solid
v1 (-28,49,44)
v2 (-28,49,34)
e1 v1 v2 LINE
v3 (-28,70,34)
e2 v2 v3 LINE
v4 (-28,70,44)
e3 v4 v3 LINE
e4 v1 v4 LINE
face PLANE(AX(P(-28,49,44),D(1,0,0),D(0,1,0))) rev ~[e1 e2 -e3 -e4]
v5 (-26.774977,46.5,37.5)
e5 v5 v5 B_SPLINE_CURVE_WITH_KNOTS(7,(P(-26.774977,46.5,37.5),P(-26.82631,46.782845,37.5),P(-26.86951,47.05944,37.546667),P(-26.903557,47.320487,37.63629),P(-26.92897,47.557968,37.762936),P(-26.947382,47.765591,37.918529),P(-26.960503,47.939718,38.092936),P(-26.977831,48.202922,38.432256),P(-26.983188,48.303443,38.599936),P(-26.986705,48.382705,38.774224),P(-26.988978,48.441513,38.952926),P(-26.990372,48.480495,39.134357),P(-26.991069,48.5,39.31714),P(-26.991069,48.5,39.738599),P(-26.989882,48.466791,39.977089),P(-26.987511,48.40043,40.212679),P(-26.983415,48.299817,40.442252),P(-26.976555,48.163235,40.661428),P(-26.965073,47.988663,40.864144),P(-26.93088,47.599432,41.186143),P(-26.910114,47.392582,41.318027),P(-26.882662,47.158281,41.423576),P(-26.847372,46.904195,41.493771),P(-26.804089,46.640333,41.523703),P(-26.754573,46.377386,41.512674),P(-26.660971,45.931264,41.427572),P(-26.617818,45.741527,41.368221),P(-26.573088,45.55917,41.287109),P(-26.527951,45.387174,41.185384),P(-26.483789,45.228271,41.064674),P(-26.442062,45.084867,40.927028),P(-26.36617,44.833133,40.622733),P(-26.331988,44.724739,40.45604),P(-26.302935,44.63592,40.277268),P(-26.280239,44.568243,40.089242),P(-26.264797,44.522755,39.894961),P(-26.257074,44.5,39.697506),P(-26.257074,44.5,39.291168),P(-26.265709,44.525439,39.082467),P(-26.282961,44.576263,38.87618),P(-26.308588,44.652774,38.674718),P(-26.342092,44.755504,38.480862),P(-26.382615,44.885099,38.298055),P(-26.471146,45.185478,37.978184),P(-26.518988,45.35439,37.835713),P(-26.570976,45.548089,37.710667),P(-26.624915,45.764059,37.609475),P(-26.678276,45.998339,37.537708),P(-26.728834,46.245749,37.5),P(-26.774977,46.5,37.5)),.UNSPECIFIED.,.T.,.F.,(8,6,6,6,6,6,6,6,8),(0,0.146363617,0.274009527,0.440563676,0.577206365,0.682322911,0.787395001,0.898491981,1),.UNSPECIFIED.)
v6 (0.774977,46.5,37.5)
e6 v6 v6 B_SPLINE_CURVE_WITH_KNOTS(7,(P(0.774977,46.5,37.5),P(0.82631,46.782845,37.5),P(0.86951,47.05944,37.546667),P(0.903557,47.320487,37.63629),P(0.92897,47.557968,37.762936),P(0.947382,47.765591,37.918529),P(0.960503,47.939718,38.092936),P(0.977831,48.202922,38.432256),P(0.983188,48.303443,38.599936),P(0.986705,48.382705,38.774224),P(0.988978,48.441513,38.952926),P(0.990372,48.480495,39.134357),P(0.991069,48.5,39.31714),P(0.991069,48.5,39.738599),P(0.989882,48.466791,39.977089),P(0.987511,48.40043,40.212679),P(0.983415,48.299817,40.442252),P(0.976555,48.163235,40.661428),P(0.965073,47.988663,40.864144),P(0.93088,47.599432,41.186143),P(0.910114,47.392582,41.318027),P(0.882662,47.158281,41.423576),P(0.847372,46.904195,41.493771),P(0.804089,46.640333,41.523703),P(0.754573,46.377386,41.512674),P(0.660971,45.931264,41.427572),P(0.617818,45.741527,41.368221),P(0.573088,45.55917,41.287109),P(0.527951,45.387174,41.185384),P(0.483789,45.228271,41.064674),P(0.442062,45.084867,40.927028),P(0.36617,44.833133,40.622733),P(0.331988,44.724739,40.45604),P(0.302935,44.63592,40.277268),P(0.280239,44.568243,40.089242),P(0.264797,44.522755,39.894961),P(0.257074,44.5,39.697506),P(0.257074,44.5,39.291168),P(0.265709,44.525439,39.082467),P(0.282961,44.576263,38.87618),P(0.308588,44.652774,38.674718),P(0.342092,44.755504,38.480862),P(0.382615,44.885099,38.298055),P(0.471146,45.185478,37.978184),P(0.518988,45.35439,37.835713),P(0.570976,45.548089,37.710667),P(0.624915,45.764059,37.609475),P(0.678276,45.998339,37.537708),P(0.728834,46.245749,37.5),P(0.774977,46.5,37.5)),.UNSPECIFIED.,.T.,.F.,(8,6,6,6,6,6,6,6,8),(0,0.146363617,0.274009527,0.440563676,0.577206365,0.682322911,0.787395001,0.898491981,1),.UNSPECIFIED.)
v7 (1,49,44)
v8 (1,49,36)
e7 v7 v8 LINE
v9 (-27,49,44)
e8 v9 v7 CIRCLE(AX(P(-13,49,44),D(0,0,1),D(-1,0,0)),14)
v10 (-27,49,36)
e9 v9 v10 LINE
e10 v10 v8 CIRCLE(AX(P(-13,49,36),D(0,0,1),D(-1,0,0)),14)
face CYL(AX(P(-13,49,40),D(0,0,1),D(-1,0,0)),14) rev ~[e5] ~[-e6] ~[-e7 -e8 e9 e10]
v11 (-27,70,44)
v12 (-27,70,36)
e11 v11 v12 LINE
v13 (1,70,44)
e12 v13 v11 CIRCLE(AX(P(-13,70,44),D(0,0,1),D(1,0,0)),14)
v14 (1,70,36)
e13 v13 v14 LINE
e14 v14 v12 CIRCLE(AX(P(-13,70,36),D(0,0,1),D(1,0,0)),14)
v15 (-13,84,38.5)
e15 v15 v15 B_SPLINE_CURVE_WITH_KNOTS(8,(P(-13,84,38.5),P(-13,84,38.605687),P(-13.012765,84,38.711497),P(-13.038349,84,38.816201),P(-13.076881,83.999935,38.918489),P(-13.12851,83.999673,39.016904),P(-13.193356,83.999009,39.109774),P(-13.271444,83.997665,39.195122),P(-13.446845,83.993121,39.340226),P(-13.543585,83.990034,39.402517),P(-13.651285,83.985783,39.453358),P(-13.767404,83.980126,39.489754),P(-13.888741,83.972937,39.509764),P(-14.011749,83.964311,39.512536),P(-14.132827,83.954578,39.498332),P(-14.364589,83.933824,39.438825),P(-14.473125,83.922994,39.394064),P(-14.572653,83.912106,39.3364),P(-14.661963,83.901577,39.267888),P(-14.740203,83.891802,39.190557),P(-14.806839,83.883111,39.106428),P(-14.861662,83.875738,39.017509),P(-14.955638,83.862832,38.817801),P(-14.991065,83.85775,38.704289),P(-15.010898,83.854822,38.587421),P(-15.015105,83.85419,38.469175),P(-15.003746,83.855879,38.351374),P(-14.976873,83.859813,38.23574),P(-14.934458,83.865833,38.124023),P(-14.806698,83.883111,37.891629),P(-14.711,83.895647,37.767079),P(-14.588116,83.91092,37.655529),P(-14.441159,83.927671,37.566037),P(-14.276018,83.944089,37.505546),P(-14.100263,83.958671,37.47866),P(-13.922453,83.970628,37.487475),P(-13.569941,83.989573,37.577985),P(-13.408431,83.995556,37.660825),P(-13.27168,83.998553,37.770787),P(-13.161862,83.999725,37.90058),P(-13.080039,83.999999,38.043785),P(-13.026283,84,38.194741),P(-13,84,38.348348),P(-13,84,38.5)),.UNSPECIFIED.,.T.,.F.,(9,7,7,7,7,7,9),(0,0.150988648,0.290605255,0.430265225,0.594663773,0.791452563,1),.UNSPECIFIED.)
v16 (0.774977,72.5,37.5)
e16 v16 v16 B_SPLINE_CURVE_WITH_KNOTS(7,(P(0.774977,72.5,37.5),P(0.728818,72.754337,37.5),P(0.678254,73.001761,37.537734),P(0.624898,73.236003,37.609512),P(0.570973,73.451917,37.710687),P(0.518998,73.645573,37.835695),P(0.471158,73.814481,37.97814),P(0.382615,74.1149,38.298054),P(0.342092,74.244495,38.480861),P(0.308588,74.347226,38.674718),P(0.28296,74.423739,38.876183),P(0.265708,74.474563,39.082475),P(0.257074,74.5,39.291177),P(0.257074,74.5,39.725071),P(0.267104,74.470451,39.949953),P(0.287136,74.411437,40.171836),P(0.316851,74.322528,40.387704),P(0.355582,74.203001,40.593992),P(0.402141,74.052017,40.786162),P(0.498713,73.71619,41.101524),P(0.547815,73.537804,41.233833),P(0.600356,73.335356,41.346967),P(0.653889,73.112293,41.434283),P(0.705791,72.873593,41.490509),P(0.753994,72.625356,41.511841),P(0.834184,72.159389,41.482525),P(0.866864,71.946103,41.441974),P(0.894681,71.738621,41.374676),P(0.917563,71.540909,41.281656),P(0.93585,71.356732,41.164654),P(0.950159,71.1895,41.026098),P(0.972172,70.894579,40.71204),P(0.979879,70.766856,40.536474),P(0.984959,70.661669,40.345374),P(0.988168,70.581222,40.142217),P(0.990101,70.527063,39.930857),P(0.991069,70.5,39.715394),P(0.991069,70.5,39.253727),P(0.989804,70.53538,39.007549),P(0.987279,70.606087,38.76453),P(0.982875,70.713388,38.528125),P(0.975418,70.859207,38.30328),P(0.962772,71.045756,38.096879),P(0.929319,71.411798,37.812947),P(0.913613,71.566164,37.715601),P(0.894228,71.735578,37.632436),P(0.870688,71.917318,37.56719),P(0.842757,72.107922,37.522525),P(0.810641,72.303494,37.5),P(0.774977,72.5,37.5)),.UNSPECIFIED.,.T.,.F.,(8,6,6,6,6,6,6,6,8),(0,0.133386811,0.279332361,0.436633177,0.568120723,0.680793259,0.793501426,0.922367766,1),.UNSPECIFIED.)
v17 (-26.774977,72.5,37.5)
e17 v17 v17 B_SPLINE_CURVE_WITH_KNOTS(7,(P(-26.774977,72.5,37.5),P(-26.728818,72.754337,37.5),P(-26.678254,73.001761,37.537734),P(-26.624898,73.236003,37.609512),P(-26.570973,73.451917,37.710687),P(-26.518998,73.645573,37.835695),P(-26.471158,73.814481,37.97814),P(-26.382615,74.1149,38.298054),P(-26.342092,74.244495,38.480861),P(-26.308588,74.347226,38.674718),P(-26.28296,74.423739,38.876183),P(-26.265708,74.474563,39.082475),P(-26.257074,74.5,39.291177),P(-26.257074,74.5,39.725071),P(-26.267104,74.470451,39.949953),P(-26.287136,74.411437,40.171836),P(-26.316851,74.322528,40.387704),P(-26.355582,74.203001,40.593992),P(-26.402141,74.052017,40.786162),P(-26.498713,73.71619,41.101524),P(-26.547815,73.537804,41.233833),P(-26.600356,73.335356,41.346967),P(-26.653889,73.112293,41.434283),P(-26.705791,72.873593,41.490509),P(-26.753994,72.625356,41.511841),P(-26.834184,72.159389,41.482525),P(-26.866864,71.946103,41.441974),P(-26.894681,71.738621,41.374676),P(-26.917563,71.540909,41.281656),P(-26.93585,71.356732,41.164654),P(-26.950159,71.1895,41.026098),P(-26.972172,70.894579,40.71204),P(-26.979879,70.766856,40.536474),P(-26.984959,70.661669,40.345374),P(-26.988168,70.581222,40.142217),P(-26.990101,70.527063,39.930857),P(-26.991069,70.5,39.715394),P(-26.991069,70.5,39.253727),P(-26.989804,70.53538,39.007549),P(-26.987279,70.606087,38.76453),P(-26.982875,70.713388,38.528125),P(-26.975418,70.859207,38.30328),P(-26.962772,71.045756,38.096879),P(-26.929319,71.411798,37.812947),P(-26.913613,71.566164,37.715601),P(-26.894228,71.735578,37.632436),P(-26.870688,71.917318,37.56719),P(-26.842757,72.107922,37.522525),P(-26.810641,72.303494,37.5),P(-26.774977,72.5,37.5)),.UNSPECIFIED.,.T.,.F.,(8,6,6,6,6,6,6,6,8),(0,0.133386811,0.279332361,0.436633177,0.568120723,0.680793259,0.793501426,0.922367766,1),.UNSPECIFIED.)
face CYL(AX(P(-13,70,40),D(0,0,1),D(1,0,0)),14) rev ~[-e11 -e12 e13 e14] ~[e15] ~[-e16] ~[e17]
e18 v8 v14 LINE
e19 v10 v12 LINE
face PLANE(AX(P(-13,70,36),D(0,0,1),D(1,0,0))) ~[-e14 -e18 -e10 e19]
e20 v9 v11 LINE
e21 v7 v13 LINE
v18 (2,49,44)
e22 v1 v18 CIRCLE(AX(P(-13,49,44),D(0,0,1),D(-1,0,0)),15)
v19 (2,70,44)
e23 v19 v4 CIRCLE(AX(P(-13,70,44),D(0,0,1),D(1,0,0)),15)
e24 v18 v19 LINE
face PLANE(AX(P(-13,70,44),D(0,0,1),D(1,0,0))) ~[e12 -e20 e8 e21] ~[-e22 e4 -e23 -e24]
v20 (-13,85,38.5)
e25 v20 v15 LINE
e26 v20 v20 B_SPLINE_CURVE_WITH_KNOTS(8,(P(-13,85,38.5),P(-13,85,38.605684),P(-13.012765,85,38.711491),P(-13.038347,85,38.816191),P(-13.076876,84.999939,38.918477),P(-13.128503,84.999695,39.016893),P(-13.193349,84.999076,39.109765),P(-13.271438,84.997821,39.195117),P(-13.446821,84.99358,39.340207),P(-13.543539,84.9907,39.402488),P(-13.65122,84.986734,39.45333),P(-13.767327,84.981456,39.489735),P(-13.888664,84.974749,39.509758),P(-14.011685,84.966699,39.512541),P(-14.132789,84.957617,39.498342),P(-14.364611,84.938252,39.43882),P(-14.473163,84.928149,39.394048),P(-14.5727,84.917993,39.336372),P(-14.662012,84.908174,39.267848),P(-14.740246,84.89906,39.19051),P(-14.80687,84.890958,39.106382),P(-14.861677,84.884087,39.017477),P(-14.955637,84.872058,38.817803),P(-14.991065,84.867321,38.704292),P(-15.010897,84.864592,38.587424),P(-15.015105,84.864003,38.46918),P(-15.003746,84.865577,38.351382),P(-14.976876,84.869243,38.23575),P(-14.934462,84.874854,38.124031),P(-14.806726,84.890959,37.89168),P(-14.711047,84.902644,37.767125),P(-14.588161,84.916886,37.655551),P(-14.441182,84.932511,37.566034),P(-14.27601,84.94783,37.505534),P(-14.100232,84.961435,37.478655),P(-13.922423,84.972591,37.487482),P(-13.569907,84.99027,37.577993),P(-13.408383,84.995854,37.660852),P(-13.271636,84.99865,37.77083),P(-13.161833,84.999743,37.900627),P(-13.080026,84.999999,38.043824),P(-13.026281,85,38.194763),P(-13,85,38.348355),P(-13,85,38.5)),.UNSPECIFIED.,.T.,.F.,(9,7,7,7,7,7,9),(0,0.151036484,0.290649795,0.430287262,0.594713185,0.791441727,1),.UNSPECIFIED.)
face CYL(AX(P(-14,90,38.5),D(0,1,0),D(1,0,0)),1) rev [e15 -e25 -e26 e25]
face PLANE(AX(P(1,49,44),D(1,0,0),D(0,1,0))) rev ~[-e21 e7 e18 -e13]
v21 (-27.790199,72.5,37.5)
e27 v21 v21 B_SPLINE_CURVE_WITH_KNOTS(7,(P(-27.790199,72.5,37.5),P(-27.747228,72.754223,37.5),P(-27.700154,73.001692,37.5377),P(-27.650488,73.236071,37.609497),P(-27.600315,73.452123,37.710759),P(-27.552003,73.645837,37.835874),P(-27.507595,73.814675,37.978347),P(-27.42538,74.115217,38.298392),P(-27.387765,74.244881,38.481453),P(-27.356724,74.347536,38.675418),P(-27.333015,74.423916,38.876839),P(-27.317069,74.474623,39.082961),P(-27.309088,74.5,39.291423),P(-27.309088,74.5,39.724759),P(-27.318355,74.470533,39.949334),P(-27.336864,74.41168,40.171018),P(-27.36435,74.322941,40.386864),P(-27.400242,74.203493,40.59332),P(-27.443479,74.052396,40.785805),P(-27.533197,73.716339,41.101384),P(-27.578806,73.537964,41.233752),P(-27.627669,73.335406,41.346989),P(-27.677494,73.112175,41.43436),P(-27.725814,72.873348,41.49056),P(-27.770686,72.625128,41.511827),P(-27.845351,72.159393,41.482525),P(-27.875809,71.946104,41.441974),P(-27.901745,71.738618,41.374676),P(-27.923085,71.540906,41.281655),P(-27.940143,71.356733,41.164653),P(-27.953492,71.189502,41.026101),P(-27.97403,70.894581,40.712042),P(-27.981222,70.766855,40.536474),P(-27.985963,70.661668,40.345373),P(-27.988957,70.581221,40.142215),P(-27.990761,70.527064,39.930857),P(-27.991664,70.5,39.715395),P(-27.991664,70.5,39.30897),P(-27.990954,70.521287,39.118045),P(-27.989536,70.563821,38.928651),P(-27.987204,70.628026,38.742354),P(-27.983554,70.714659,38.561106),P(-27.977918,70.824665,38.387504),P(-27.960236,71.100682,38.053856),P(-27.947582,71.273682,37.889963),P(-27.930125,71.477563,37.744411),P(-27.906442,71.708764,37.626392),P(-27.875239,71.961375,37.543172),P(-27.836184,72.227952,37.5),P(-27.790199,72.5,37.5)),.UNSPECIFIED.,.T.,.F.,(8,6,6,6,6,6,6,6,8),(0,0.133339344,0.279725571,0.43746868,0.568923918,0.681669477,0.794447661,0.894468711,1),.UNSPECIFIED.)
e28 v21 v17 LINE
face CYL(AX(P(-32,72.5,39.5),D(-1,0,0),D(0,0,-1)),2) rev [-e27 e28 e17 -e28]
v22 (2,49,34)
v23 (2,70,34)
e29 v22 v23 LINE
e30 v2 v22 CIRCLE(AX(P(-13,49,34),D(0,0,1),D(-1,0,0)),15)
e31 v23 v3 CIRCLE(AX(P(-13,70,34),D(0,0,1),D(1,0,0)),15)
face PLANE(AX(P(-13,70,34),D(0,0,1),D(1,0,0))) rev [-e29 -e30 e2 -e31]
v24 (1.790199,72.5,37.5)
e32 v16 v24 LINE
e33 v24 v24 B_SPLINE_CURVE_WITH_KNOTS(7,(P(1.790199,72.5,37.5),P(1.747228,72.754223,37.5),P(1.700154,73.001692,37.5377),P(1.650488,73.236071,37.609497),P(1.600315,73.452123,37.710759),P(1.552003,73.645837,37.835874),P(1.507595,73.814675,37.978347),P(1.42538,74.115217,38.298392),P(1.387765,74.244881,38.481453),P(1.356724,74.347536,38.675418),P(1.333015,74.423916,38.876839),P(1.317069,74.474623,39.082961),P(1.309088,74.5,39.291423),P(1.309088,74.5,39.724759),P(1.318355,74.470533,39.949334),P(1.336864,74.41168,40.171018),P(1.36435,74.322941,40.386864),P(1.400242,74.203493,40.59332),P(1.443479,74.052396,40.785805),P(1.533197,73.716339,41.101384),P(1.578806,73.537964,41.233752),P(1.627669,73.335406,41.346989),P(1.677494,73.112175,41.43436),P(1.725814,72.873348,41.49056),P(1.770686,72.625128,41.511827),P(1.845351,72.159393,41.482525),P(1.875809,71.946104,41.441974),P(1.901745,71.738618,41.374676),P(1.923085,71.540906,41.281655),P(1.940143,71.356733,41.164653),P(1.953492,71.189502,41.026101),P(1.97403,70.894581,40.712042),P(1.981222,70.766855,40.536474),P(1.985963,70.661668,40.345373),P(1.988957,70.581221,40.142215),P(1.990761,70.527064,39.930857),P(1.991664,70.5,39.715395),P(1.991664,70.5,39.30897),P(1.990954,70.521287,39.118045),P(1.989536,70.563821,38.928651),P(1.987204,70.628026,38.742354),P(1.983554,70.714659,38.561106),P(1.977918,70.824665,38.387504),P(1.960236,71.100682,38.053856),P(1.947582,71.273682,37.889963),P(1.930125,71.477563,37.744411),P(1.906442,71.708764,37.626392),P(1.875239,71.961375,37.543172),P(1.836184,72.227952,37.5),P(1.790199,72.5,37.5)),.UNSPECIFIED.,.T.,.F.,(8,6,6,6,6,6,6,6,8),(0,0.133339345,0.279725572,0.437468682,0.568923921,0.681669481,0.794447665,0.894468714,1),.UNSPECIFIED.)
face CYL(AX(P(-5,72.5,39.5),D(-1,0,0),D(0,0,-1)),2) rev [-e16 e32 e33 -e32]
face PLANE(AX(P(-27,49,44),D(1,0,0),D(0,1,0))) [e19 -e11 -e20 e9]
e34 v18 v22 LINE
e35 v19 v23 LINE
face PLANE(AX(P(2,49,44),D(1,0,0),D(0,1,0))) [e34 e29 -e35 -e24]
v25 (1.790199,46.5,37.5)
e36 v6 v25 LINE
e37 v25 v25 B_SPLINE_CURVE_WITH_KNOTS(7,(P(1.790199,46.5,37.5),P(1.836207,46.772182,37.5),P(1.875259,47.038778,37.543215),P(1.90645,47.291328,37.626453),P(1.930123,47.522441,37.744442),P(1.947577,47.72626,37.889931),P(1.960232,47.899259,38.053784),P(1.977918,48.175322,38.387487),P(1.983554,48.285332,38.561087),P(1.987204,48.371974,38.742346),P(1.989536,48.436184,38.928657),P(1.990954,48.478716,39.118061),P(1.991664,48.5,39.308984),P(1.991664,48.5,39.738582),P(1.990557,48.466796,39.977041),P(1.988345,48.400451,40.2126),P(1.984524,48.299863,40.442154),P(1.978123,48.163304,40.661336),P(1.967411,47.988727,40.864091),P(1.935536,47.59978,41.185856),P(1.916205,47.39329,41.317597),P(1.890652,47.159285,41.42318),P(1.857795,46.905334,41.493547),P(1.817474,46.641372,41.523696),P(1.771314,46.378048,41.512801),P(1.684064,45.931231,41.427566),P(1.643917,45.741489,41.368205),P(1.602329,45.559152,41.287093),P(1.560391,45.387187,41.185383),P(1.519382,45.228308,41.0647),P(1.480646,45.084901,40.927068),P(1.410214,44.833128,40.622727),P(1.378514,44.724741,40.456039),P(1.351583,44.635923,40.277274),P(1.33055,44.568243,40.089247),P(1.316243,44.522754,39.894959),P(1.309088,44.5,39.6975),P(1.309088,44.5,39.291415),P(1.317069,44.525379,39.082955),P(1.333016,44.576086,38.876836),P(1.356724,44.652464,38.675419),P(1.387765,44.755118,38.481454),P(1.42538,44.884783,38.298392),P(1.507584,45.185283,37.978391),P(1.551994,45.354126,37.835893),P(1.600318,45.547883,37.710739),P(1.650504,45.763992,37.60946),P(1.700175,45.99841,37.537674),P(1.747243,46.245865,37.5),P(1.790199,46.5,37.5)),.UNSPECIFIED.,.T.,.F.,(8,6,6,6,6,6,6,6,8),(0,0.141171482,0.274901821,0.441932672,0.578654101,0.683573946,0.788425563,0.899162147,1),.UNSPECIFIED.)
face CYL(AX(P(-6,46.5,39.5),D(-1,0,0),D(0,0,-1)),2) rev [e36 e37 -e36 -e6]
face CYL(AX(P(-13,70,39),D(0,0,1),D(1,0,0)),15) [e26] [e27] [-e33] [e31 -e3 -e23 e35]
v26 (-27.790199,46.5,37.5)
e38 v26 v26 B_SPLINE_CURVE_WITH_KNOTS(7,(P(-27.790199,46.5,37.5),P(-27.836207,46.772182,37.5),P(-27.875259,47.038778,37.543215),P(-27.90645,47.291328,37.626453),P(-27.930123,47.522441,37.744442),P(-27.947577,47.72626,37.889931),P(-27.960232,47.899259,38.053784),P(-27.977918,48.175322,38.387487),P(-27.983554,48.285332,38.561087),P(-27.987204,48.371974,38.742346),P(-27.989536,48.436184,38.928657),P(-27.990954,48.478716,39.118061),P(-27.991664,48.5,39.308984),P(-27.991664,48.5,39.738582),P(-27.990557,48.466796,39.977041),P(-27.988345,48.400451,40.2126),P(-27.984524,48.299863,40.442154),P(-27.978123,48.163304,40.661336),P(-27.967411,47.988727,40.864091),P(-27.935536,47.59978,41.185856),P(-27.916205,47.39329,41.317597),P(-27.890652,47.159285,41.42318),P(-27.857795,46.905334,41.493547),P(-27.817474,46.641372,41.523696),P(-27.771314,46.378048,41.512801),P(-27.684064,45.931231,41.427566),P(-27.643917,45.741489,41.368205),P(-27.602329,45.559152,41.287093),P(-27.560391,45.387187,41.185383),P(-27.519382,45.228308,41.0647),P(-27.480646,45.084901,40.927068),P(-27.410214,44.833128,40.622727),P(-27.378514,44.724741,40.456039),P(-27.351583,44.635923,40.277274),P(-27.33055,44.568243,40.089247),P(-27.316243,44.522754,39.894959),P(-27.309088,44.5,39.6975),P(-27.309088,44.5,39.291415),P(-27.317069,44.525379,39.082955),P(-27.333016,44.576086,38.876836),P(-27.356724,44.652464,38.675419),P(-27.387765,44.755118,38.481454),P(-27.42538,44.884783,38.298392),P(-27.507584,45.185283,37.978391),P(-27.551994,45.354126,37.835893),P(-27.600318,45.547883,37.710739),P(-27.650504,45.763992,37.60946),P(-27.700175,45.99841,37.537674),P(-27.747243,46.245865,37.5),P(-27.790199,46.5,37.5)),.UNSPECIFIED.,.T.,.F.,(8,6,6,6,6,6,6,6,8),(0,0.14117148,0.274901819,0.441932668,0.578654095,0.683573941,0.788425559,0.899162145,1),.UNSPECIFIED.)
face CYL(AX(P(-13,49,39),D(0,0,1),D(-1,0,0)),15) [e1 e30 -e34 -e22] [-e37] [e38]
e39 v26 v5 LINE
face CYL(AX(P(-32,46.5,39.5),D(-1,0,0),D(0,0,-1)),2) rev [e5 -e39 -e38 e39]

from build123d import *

# Parameters (mm, degrees)
CYLINDER017_R           = 1
CYLINDER017_DEPTH       = 10
CYLINDER017_ROLL_ANGLE  = 90
CYLINDER011_R           = 2
CYLINDER011_DEPTH       = 10
CYLINDER011_PITCH_ANGLE = 90
CYLINDER014_R           = 2
CYLINDER014_DEPTH       = 10
CYLINDER014_PITCH_ANGLE = 90
CYLINDER013_R           = 2
CYLINDER013_DEPTH       = 10
CYLINDER013_PITCH_ANGLE = 90
CYLINDER015_R           = 2
CYLINDER015_DEPTH       = 10
CYLINDER015_PITCH_ANGLE = 90
CYLINDER002_W           = 14
CYLINDER002_H           = 8
CYLINDER002_ANGLE       = 180
CYLINDER001_W           = 15
CYLINDER001_H           = 10
CYLINDER001_ANGLE       = 180
CYLINDER003_W           = 14
CYLINDER003_H           = 8
CYLINDER003_ANGLE       = 180
CYLINDER_W              = 15
CYLINDER_H              = 10
CYLINDER_ANGLE          = 180
BOX001_W                = 28
BOX001_H                = 21
BOX001_DEPTH            = 8
BOX_W                   = 30
BOX_H                   = 21
BOX_DEPTH               = 10
FUSION_PLACEMENT_ANGLE  = 180


with BuildPart() as cilindro017:
    # Cylinder017 → Cylinder017 (new body)
    with BuildSketch(Plane.XY):
        Circle(CYLINDER017_R)
    extrude(amount=CYLINDER017_DEPTH)


with BuildPart() as cilindro017_1:
    # Cylinder017 roll: moved
    add(cilindro017.part.rotate(Axis((0, 0, 0), (1, 0, 0)), CYLINDER017_ROLL_ANGLE))


with BuildPart() as cilindro017_2:
    # Cylinder017 placement: moved
    add(cilindro017_1.part.moved(Location((-14, 90, 38.5))))


with BuildPart() as cilindro011:
    # Cylinder011 → Cylinder011 (new body)
    with BuildSketch(Plane.XY):
        Circle(CYLINDER011_R)
    extrude(amount=CYLINDER011_DEPTH)


with BuildPart() as cilindro011_1:
    # Cylinder011 pitch: moved
    add(cilindro011.part.rotate(Axis((0, 0, 0), (0, 1, 0)), CYLINDER011_PITCH_ANGLE))


with BuildPart() as cilindro011_2:
    # Cylinder011 placement: moved
    add(cilindro011_1.part.moved(Location((-32, 72.5, 39.5))))


with BuildPart() as cilindro014:
    # Cylinder014 → Cylinder014 (new body)
    with BuildSketch(Plane.XY):
        Circle(CYLINDER014_R)
    extrude(amount=CYLINDER014_DEPTH)


with BuildPart() as cilindro014_1:
    # Cylinder014 pitch: moved
    add(cilindro014.part.rotate(Axis((0, 0, 0), (0, 1, 0)), CYLINDER014_PITCH_ANGLE))


with BuildPart() as cilindro014_2:
    # Cylinder014 placement: moved
    add(cilindro014_1.part.moved(Location((-6, 46.5, 39.5))))


with BuildPart() as cilindro013:
    # Cylinder013 → Cylinder013 (new body)
    with BuildSketch(Plane.XY):
        Circle(CYLINDER013_R)
    extrude(amount=CYLINDER013_DEPTH)


with BuildPart() as cilindro013_1:
    # Cylinder013 pitch: moved
    add(cilindro013.part.rotate(Axis((0, 0, 0), (0, 1, 0)), CYLINDER013_PITCH_ANGLE))


with BuildPart() as cilindro013_2:
    # Cylinder013 placement: moved
    add(cilindro013_1.part.moved(Location((-32, 46.5, 39.5))))


with BuildPart() as cilindro015:
    # Cylinder015 → Cylinder015 (new body)
    with BuildSketch(Plane.XY):
        Circle(CYLINDER015_R)
    extrude(amount=CYLINDER015_DEPTH)


with BuildPart() as cilindro015_1:
    # Cylinder015 pitch: moved
    add(cilindro015.part.rotate(Axis((0, 0, 0), (0, 1, 0)), CYLINDER015_PITCH_ANGLE))


with BuildPart() as cilindro015_2:
    # Cylinder015 placement: moved
    add(cilindro015_1.part.moved(Location((-5, 72.5, 39.5))))


with BuildPart() as cilindro002:
    # Cylinder002 → Cylinder002 (revolve)
    with BuildSketch(Plane(origin=(16, 49, -36), x_dir=(1, 0, 0), z_dir=(0, 1, 0))):
        with Locations((7, 4)):
            Rectangle(CYLINDER002_W, CYLINDER002_H)
    revolve(axis=Axis((16, 49, -36), (0, 0, -1)), revolution_arc=CYLINDER002_ANGLE)


with BuildPart() as cut001:
    # Cylinder001 → Cylinder001 (revolve)
    with BuildSketch(Plane(origin=(16, 49, -34), x_dir=(1, 0, 0), z_dir=(0, 1, 0))):
        with Locations((7.5, 5)):
            Rectangle(CYLINDER001_W, CYLINDER001_H)
    revolve(axis=Axis((16, 49, -34), (0, 0, -1)), revolution_arc=CYLINDER001_ANGLE)

    # Cut001: cut Cilindro002
    add(cilindro002.part, mode=Mode.SUBTRACT)


with BuildPart() as cut001_1:
    # Cut001 placement: moved
    add(cut001.part.moved(Location((-3, 0, 0))))


with BuildPart() as cilindro003:
    # Cylinder003 → Cylinder003 (revolve)
    with BuildSketch(Plane(origin=(13, 70, -36), x_dir=(-1, 0, 0), z_dir=(0, -1, 0))):
        with Locations((7, 4)):
            Rectangle(CYLINDER003_W, CYLINDER003_H)
    revolve(axis=Axis((13, 70, -36), (0, 0, -1)), revolution_arc=CYLINDER003_ANGLE)


with BuildPart() as cut002:
    # Cylinder → Cylinder (revolve)
    with BuildSketch(Plane(origin=(13, 70, -34), x_dir=(-1, 0, 0), z_dir=(0, -1, 0))):
        with Locations((7.5, 5)):
            Rectangle(CYLINDER_W, CYLINDER_H)
    revolve(axis=Axis((13, 70, -34), (0, 0, -1)), revolution_arc=CYLINDER_ANGLE)

    # Cut002: cut Cilindro003
    add(cilindro003.part, mode=Mode.SUBTRACT)


with BuildPart() as cubo001:
    # Box001 → Box001 (new body)
    with BuildSketch(Plane(origin=(-1, 49, -44), x_dir=(1, 0, 0), z_dir=(0, 0, 1))):
        with Locations((14, 10.5)):
            Rectangle(BOX001_W, BOX001_H)
    extrude(amount=BOX001_DEPTH)


with BuildPart() as cut025:
    # Box → Box (new body)
    with BuildSketch(Plane(origin=(-2, 49, -44), x_dir=(1, 0, 0), z_dir=(0, 0, 1))):
        with Locations((15, 10.5)):
            Rectangle(BOX_W, BOX_H)
    extrude(amount=BOX_DEPTH)

    # Cut: cut Cubo001
    add(cubo001.part, mode=Mode.SUBTRACT)

    # Fusion: union Cut001, Cut002
    add(cut001_1.part)
    add(cut002.part)


with BuildPart() as cut025_1:
    # Fusion placement: moved
    add(cut025.part.rotate(Axis((0, 0, 0), (0, 1, 0)), FUSION_PLACEMENT_ANGLE))

    # Cut021: cut Cilindro015
    add(cilindro015_2.part, mode=Mode.SUBTRACT)

    # Cut022: cut Cilindro013
    add(cilindro013_2.part, mode=Mode.SUBTRACT)

    # Cut023: cut Cilindro014
    add(cilindro014_2.part, mode=Mode.SUBTRACT)

    # Cut024: cut Cilindro011
    add(cilindro011_2.part, mode=Mode.SUBTRACT)

    # Cut025: cut Cilindro017
    add(cilindro017_2.part, mode=Mode.SUBTRACT)


solid = cut025_1.part
